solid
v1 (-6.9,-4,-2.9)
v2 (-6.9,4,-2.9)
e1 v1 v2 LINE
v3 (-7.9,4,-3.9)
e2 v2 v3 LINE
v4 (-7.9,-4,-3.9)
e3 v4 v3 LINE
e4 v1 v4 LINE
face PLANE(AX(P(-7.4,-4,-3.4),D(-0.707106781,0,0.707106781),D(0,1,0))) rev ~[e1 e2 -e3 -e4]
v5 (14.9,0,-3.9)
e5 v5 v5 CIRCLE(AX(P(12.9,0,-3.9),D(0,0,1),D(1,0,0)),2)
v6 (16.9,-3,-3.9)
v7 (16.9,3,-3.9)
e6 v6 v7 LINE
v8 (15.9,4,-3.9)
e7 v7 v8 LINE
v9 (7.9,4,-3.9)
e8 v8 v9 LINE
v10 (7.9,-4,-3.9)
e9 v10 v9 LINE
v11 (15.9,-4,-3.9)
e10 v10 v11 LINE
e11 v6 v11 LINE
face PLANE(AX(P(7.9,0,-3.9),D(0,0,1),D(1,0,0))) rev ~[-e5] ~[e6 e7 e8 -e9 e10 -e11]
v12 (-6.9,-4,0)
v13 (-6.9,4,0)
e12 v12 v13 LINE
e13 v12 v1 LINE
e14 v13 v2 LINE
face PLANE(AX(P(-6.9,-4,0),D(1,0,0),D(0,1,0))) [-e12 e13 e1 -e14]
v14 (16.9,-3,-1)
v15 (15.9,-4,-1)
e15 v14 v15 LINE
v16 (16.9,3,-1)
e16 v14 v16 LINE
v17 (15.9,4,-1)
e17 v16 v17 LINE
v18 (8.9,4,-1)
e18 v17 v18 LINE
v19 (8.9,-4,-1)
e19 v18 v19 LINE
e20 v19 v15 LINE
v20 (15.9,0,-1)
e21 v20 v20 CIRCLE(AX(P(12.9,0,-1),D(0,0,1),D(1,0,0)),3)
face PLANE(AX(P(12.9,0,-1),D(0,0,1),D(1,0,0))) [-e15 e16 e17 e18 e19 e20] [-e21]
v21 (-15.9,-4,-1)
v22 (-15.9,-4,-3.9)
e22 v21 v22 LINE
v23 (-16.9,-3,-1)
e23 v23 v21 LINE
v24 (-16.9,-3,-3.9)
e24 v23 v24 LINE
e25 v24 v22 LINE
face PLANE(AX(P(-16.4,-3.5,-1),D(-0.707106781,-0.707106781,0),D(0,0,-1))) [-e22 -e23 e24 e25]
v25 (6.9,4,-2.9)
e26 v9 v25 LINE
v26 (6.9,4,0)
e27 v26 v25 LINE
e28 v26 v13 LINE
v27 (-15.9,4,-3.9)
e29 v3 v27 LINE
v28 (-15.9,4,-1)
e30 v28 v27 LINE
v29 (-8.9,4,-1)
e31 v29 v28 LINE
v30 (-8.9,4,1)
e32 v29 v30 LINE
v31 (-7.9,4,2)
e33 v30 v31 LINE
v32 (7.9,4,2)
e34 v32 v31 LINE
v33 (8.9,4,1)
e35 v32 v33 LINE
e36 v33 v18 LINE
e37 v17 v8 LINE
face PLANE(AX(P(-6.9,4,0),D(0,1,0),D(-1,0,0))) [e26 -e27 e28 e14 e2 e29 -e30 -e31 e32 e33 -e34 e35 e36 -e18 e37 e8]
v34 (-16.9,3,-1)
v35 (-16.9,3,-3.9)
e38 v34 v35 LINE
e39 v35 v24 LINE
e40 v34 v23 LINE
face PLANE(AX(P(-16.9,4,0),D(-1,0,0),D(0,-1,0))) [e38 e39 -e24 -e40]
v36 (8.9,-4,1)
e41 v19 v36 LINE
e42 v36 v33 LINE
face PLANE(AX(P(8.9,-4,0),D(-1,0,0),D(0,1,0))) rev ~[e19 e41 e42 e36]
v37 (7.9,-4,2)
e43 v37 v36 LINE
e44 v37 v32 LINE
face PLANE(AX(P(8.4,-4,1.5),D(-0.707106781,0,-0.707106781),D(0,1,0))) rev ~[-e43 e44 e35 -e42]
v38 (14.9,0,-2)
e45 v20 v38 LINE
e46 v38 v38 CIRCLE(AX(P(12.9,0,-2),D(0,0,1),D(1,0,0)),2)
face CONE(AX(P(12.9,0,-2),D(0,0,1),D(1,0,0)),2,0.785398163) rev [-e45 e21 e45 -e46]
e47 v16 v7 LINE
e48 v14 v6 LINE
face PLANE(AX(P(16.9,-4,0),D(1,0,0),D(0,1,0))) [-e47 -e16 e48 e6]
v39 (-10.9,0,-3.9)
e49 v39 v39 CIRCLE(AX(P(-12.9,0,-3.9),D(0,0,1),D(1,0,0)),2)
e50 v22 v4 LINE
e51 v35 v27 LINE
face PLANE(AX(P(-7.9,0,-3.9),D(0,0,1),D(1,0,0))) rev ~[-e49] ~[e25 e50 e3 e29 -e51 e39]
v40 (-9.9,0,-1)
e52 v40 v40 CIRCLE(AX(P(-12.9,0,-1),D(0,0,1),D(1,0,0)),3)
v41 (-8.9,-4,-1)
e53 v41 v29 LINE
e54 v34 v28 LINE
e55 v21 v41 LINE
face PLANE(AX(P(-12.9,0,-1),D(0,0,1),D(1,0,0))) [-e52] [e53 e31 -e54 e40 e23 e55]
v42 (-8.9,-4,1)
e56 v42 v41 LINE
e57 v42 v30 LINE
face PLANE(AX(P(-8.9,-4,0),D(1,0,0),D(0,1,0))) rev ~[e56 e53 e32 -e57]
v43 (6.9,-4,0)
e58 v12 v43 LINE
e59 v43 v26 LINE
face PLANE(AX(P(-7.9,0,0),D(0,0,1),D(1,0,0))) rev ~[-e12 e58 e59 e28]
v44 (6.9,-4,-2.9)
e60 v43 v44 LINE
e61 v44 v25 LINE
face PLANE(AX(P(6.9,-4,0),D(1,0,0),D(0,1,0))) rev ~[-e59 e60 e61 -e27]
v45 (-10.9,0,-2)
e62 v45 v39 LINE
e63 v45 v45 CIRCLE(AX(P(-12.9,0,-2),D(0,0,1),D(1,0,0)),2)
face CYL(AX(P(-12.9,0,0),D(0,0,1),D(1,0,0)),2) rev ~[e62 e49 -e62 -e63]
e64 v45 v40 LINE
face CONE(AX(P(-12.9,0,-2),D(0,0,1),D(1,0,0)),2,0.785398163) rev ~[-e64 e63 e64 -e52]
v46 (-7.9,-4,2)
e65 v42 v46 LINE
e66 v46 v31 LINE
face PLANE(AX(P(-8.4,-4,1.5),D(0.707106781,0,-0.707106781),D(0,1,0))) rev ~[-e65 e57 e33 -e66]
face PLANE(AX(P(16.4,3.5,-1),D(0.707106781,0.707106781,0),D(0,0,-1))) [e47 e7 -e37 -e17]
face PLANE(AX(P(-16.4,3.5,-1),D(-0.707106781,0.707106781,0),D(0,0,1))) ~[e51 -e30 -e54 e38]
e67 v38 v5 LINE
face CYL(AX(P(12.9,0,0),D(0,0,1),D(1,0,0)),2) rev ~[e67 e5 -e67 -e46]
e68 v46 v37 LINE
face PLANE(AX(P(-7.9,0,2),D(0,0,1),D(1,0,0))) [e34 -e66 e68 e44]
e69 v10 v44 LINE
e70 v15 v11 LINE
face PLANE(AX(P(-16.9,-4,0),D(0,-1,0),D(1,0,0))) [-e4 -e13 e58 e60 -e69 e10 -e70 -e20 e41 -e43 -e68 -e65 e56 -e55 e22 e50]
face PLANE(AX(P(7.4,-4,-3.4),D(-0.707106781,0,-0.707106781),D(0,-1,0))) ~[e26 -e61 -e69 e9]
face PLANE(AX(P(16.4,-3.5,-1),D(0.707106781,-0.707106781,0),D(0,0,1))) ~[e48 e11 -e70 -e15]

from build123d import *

# Parameters (mm, degrees)
F0_W     = 2
F0_H     = 8
F0_W_2   = 13.8
F1_DEPTH = 2
F0_R     = 2
F2_DEPTH = 3.9
F3_DEPTH = 1
F4_SIZE  = 1


with BuildPart() as f1:
    # F0 (on Top) → F1 (new body)
    with BuildSketch(Plane.XY):
        with Locations((-7.9, 0)):
            Rectangle(F0_W, F0_H)
        Rectangle(F0_W_2, F0_H)
        with Locations((7.9, 0)):
            Rectangle(F0_W, F0_H)
    extrude(amount=F1_DEPTH)

    # F0 (on Top) → F2 (join)
    with BuildSketch(Plane.XY):
        with Locations((-7.9, 0)):
            Rectangle(F0_W, F0_H)
        Polygon((-16.9, -4), (-8.9, -4), (-8.9, 4), (-16.9, 4), (-16.9, 0), align=None)
        with Locations((-12.9, 0)):
            Circle(F0_R, mode=Mode.SUBTRACT)
        with Locations((7.9, 0)):
            Rectangle(F0_W, F0_H)
        Polygon((8.9, 4), (8.9, -4), (16.9, -4), (16.9, 0), (16.9, 4), align=None)
        with Locations((12.9, 0)):
            Circle(F0_R, mode=Mode.SUBTRACT)
    extrude(amount=-F2_DEPTH)

    # F0 (on Top) → F3 (cut)
    with BuildSketch(Plane.XY):
        Polygon((-16.9, -4), (-8.9, -4), (-8.9, 4), (-16.9, 4), (-16.9, 0), align=None)
        with Locations((-12.9, 0)):
            Circle(F0_R, mode=Mode.SUBTRACT)
        Polygon((8.9, 4), (8.9, -4), (16.9, -4), (16.9, 0), (16.9, 4), align=None)
        with Locations((12.9, 0)):
            Circle(F0_R, mode=Mode.SUBTRACT)
    extrude(amount=-F3_DEPTH, mode=Mode.SUBTRACT)

    # F4
    f4_edges = [f1.edges().sort_by_distance(p)[0] for p in [
        (-8.9, 0, 2),
        (8.9, 0, 2),
        (-6.9, 0, -3.9),
        (-14.9, 0, -1),
        (10.9, 0, -1),
        (6.9, 0, -3.9),
        (-16.9, -4, -2.45),
        (-16.9, 4, -2.45),
        (16.9, -4, -2.45),
        (16.9, 4, -2.45),
    ]]
    chamfer(f4_edges, length=F4_SIZE)


solid = f1.part
